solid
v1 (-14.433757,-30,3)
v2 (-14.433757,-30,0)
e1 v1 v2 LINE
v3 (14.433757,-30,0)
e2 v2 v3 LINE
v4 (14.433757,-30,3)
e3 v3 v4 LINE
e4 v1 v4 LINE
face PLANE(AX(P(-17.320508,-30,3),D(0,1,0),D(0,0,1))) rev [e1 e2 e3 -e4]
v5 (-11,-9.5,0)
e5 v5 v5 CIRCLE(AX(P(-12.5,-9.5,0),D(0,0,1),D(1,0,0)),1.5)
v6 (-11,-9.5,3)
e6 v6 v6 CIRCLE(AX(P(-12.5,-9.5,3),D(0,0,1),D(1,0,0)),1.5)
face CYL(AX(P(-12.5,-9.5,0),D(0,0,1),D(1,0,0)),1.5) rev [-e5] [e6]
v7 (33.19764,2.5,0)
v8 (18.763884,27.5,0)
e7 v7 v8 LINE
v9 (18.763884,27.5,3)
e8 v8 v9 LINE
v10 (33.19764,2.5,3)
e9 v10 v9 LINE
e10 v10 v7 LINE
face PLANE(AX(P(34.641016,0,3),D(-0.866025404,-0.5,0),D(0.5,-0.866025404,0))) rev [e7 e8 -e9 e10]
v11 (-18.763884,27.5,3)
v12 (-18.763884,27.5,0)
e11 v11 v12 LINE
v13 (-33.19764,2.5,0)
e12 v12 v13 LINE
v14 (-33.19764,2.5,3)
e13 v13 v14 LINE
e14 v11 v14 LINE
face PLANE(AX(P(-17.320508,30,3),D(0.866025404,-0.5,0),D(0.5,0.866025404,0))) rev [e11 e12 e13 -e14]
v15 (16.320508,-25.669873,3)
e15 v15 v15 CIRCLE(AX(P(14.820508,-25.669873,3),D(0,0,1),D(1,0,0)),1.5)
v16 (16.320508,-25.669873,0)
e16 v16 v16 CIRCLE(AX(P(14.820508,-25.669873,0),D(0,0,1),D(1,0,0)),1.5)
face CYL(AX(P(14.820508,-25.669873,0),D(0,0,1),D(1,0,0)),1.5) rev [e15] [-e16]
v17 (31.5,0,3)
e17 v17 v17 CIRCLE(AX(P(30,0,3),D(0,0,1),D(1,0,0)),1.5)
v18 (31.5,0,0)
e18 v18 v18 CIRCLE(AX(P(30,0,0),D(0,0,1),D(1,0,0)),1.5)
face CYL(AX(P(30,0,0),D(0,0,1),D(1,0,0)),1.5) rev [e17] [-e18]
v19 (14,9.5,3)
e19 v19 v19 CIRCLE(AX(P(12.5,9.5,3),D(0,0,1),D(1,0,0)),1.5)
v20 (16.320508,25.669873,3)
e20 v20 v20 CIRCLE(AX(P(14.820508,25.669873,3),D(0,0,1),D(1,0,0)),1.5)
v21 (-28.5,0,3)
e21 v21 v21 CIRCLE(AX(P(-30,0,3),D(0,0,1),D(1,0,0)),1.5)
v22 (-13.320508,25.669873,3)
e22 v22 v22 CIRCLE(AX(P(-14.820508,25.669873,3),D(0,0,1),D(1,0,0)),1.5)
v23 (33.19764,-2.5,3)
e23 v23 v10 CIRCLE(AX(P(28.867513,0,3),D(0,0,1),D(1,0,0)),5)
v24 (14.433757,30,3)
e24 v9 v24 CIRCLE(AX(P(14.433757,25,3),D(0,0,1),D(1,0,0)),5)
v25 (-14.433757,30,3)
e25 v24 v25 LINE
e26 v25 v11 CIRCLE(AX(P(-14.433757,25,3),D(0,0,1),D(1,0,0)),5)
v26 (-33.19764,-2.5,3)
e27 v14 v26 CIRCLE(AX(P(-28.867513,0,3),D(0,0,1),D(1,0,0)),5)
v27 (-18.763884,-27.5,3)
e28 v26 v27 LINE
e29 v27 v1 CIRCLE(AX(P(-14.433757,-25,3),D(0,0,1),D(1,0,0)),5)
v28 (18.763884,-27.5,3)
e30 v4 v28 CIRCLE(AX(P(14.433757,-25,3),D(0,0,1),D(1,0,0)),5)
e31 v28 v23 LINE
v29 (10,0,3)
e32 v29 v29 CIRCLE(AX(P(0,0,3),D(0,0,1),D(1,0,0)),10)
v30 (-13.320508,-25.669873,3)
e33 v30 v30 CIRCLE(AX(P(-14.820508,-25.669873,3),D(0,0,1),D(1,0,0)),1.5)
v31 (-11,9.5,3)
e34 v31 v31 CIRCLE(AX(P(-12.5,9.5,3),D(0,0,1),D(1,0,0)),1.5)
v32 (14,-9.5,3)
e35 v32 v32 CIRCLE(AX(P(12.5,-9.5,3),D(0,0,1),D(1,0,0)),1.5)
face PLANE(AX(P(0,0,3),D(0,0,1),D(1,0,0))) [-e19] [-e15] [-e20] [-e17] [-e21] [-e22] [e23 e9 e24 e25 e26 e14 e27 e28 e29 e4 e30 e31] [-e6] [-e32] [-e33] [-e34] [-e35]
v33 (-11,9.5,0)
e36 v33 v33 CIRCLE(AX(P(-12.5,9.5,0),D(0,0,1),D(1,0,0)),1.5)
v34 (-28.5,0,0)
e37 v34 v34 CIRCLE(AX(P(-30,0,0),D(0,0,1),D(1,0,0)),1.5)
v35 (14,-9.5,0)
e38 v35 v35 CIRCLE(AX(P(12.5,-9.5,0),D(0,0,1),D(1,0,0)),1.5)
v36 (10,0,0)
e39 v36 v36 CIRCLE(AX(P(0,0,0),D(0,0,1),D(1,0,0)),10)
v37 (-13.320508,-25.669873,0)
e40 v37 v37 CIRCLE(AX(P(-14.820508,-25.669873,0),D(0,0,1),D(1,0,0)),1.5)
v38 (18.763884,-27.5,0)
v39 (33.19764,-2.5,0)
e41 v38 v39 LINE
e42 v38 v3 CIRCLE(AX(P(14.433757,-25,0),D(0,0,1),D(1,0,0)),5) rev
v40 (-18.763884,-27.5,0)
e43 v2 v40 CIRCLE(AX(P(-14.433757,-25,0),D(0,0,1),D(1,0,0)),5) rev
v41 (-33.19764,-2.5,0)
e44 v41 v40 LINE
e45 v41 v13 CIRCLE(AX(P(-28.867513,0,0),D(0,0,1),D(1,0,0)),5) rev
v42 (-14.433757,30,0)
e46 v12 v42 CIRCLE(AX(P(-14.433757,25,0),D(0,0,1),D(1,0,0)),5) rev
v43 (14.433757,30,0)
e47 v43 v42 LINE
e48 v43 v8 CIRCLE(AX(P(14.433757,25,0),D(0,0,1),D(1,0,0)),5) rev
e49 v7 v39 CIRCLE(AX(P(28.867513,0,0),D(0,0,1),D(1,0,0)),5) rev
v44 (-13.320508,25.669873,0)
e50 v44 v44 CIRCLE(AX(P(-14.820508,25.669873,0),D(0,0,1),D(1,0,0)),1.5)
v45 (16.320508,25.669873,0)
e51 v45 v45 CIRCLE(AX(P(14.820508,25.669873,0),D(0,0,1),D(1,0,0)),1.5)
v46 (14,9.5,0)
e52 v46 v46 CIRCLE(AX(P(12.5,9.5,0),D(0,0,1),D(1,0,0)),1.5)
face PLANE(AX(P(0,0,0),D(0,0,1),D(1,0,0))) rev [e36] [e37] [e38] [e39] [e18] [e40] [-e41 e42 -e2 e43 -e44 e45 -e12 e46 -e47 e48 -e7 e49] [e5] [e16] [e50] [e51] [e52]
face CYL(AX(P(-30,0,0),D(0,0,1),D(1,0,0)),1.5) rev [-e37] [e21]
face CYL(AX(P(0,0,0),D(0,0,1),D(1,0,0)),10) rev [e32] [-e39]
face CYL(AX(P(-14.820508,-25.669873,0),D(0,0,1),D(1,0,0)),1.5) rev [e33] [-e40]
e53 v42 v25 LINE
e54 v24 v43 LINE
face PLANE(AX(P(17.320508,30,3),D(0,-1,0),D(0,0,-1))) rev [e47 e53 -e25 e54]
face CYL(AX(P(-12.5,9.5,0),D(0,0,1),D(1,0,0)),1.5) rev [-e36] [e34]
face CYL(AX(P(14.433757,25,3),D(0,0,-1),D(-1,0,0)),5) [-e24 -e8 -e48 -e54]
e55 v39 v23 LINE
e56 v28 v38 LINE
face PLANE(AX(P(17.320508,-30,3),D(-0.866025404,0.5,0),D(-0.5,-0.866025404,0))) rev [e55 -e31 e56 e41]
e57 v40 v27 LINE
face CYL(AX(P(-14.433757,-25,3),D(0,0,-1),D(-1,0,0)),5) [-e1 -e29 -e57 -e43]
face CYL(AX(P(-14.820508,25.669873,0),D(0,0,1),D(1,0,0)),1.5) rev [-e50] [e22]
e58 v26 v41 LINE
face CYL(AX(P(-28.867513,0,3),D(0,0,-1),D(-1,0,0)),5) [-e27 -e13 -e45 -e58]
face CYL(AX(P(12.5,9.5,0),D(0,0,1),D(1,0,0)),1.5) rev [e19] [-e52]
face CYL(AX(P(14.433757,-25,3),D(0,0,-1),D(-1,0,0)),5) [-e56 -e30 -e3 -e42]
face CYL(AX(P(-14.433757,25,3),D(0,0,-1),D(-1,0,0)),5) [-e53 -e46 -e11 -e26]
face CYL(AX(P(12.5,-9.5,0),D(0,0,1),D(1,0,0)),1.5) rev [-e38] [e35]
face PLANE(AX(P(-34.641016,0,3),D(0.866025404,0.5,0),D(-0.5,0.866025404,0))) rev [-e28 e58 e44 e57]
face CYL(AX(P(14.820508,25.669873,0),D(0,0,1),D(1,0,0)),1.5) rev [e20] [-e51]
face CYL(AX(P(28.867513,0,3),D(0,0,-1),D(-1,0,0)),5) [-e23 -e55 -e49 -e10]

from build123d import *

# Parameters (mm, degrees)
EXTRUDE_1_DEPTH     = 3
SKETCH_2_R          = 10
SKETCH_2_R_2        = 1.5
CUT_EXTRUDE_1_DEPTH = 3
SKETCH_3_R          = 1.5
CUT_EXTRUDE_2_DEPTH = 3
FILLET_1_R          = 5


with BuildPart() as part:
    # 草图1 → 凸台-拉伸1 (new body)
    with BuildSketch(Plane.XY):
        Polygon((34.641016151, 0), (17.320508076, 30), (-17.320508076, 30), (-34.641016151, 0), (-17.320508076, -30), (17.320508076, -30), align=None)
    extrude(amount=EXTRUDE_1_DEPTH)

    # 草图2 → 切除-拉伸1 (cut)
    with BuildSketch(Plane.XY.offset(3)):
        Circle(SKETCH_2_R)
        with Locations((-12.5, 9.5)):
            Circle(SKETCH_2_R_2)
        with Locations((12.5, 9.5)):
            Circle(SKETCH_2_R_2)
        with Locations((-12.5, -9.5)):
            Circle(SKETCH_2_R_2)
        with Locations((12.5, -9.5)):
            Circle(SKETCH_2_R_2)
    extrude(amount=-CUT_EXTRUDE_1_DEPTH, mode=Mode.SUBTRACT)

    # 草图3 → 切除-拉伸2 (cut)
    with BuildSketch(Plane.XY.offset(3)):
        with Locations((-30, 0)):
            Circle(SKETCH_3_R)
        with Locations((30, 0)):
            Circle(SKETCH_3_R)
        with Locations((-14.820508076, -25.669872981)):
            Circle(SKETCH_3_R)
        with Locations((14.820508076, -25.669872981)):
            Circle(SKETCH_3_R)
        with Locations((-14.820508076, 25.669872981)):
            Circle(SKETCH_3_R)
        with Locations((14.820508076, 25.669872981)):
            Circle(SKETCH_3_R)
    extrude(amount=-CUT_EXTRUDE_2_DEPTH, mode=Mode.SUBTRACT)

    # 圆角1
    fillet_1_edges = [part.edges().sort_by_distance(p)[0] for p in [
        (17.320508076, -30, 1.5),
        (-17.320508076, -30, 1.5),
        (-34.641016151, 0, 1.5),
        (-17.320508076, 30, 1.5),
        (17.320508076, 30, 1.5),
        (34.641016151, 0, 1.5),
    ]]
    fillet(fillet_1_edges, radius=FILLET_1_R)


solid = part.part
